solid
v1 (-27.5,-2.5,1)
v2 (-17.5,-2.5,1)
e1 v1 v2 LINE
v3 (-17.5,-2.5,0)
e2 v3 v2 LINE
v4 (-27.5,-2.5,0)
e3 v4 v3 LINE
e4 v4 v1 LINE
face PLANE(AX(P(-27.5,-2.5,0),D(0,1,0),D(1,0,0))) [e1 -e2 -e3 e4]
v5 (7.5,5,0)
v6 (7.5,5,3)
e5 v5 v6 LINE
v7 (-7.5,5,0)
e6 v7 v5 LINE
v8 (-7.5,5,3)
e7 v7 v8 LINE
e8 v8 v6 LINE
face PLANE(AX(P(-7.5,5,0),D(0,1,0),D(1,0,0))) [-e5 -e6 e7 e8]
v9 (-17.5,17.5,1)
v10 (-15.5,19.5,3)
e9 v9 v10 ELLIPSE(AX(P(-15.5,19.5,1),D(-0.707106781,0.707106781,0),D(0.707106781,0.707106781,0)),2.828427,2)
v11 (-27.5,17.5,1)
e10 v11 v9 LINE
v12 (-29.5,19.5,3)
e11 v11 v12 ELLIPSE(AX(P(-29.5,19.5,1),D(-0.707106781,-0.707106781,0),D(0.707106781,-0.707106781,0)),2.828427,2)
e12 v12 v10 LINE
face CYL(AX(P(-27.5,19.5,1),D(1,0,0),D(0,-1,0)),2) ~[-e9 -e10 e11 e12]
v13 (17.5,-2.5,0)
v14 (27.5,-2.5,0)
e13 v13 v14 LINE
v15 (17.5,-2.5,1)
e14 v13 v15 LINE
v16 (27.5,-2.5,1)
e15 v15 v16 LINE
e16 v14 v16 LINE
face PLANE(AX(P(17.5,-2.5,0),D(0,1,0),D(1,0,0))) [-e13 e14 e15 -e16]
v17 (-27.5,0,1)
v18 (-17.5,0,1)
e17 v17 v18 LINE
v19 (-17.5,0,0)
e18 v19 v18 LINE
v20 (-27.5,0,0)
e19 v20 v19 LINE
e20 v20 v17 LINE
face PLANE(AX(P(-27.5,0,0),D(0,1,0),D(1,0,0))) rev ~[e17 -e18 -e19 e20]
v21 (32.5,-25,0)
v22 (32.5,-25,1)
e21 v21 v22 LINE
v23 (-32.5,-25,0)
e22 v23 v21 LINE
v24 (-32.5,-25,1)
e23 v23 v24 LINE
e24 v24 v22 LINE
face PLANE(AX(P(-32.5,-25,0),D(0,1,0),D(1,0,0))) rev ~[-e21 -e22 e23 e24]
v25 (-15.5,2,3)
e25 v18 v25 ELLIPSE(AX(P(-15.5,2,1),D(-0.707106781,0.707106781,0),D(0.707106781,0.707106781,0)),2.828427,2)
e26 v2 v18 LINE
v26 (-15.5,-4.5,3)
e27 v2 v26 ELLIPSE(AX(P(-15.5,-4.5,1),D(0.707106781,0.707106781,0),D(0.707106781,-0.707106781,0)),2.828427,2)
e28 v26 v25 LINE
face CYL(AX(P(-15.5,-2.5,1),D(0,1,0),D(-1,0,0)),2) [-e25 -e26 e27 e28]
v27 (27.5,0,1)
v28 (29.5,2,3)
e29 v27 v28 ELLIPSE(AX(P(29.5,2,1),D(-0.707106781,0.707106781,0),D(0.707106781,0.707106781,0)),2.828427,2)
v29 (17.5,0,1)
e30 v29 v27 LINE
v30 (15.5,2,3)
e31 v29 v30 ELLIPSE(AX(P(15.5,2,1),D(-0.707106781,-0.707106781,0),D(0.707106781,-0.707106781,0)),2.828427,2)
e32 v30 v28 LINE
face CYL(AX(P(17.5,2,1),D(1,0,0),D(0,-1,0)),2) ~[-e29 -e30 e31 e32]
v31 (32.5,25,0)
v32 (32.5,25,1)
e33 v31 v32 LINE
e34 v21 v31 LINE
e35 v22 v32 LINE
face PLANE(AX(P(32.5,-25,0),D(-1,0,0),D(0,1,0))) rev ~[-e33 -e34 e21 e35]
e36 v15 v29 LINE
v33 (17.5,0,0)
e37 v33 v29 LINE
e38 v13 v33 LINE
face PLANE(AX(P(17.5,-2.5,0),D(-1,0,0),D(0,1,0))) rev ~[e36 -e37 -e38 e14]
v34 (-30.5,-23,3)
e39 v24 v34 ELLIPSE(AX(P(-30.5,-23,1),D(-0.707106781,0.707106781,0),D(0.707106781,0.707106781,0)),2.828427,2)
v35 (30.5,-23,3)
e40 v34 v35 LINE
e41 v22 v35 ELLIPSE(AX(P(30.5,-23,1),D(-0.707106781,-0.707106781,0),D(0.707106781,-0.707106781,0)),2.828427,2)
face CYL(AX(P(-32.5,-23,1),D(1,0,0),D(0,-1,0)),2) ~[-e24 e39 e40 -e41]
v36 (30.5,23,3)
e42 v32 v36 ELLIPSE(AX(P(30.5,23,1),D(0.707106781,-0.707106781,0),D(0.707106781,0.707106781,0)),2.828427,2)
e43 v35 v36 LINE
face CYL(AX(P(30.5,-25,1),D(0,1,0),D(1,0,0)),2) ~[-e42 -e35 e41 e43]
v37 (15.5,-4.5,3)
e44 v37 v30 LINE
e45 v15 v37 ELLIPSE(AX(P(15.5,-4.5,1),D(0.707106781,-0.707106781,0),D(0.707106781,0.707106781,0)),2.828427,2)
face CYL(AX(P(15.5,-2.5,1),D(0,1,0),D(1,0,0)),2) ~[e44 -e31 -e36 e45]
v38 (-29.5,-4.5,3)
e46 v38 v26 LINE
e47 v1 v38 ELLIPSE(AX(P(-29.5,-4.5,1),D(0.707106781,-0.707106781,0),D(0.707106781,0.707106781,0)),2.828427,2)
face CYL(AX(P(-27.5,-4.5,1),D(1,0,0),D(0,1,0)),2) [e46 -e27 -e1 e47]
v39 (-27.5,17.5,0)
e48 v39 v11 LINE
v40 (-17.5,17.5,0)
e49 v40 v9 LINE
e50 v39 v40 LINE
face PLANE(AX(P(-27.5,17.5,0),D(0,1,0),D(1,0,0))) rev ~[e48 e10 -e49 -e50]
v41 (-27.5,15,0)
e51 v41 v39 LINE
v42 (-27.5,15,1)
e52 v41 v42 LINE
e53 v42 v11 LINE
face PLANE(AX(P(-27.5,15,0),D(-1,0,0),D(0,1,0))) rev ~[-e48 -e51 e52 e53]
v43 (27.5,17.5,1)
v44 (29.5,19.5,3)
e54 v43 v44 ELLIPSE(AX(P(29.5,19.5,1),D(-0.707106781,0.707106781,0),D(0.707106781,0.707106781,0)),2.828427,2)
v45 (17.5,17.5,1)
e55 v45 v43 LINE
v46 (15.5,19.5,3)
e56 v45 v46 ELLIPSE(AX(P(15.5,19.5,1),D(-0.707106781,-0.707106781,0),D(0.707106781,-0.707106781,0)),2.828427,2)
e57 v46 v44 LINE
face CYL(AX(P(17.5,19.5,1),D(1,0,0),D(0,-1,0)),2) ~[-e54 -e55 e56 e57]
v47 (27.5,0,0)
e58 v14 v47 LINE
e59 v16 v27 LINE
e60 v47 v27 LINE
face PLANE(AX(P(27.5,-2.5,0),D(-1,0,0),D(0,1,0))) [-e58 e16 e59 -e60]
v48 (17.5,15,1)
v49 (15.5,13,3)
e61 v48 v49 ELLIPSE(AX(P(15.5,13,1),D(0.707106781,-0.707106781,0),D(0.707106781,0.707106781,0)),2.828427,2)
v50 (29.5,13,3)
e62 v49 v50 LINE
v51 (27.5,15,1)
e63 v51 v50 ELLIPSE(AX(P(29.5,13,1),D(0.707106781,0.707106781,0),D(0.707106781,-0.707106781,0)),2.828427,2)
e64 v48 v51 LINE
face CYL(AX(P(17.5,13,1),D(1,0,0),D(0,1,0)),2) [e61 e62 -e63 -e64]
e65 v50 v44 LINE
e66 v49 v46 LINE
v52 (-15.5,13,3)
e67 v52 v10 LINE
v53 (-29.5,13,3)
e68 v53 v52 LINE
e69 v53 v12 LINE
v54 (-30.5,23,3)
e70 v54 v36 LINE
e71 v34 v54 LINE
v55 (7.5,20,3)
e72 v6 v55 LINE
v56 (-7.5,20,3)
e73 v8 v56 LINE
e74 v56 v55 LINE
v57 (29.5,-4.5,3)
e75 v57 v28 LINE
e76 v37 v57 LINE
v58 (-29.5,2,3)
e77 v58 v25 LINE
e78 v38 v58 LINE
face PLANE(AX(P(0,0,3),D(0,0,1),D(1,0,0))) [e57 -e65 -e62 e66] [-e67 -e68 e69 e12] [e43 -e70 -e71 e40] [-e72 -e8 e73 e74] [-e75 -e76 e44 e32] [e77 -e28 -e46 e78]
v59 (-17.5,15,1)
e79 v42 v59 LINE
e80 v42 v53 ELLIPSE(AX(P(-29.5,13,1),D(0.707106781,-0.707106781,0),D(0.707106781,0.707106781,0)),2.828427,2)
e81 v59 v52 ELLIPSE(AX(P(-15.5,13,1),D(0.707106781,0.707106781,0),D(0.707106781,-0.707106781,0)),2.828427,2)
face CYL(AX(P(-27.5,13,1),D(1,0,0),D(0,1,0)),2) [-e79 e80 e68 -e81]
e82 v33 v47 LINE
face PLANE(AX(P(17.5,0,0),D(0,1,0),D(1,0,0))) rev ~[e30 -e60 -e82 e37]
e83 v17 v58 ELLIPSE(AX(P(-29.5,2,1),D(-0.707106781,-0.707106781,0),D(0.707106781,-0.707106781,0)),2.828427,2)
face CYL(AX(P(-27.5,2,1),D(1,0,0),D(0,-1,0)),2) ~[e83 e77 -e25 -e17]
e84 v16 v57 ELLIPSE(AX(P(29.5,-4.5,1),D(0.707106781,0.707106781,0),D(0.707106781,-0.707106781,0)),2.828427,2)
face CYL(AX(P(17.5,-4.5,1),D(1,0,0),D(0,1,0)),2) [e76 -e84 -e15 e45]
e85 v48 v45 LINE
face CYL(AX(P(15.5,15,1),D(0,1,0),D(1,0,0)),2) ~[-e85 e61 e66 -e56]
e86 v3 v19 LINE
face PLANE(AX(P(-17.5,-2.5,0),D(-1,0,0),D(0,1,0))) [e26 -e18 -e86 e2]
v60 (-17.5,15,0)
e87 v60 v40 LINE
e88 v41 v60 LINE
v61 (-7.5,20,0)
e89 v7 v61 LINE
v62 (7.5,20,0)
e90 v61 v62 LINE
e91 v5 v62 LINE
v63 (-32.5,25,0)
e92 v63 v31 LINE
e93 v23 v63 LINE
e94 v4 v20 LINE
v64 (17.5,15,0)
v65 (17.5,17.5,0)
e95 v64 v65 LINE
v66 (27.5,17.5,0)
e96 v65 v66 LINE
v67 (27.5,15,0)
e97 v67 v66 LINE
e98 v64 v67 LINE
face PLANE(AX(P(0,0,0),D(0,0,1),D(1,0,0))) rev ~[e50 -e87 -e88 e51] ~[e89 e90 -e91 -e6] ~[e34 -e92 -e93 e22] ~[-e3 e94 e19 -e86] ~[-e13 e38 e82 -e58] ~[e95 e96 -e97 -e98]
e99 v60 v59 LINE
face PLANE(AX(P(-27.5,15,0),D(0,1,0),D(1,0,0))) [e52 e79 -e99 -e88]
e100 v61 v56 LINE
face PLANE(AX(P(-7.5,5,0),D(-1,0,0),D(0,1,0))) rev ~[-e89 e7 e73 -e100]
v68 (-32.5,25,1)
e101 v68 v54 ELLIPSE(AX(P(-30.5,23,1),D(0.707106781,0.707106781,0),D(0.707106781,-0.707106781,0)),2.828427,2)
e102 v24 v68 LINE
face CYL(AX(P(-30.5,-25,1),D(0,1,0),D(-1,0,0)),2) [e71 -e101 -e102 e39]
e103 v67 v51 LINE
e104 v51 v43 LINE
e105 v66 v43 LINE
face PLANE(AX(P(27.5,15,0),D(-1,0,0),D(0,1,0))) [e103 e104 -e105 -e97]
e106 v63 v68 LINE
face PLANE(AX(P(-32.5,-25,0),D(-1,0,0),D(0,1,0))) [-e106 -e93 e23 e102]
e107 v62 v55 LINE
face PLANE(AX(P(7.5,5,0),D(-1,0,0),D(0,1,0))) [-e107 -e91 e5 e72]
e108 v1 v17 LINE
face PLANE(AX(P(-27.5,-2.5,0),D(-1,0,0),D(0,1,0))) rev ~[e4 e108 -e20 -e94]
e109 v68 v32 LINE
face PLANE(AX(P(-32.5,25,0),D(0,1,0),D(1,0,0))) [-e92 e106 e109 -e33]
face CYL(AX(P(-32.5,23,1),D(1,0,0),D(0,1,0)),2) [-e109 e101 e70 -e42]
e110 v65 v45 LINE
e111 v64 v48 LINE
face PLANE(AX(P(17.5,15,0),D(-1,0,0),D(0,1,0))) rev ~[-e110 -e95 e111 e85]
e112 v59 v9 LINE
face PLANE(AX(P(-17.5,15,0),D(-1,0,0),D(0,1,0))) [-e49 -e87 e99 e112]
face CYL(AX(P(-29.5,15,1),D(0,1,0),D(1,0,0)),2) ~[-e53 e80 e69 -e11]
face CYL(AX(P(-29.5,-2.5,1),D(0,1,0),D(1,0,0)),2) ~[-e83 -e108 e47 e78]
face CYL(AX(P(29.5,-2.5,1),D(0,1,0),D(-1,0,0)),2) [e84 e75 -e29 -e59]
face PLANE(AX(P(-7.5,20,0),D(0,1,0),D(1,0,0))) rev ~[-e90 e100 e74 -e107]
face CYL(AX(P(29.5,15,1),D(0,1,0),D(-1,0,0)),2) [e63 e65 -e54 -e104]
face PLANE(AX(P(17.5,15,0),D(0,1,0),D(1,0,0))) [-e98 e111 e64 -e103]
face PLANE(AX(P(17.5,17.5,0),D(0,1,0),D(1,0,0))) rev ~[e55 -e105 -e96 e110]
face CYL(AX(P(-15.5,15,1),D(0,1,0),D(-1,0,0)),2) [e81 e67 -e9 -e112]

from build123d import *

# Parameters (mm, degrees)
F0_W     = 65
F0_H     = 50
F0_W_2   = 10
F0_H_2   = 2.5
F0_W_3   = 15
F0_H_3   = 15
F1_DEPTH = 3
F2_R     = 2


with BuildPart() as f1:
    # F0 (on Top) → F1 (new body)
    with BuildSketch(Plane.XY):
        Rectangle(F0_W, F0_H)
        with Locations((-22.5, -1.25)):
            Rectangle(F0_W_2, F0_H_2, mode=Mode.SUBTRACT)
        with Locations((22.5, -1.25)):
            Rectangle(F0_W_2, F0_H_2, mode=Mode.SUBTRACT)
        with Locations((-22.5, 16.25)):
            Rectangle(F0_W_2, F0_H_2, mode=Mode.SUBTRACT)
        with Locations((0, 12.5)):
            Rectangle(F0_W_3, F0_H_3, mode=Mode.SUBTRACT)
        with Locations((22.5, 16.25)):
            Rectangle(F0_W_2, F0_H_2, mode=Mode.SUBTRACT)
    extrude(amount=F1_DEPTH)

    # F2
    f2_edges = [f1.edges().sort_by_distance(p)[0] for p in [
        (-22.5, 17.5, 3),
        (-22.5, 15, 3),
        (-27.5, 16.25, 3),
        (-17.5, 16.25, 3),
        (0, 25, 3),
        (-32.5, 0, 3),
        (-22.5, -2.5, 3),
        (0, -25, 3),
        (-22.5, 0, 3),
        (-27.5, -1.25, 3),
        (-17.5, -1.25, 3),
        (22.5, 15, 3),
        (22.5, 17.5, 3),
        (17.5, 16.25, 3),
        (27.5, 16.25, 3),
        (32.5, 0, 3),
        (22.5, 0, 3),
        (17.5, -1.25, 3),
        (22.5, -2.5, 3),
        (27.5, -1.25, 3),
    ]]
    fillet(f2_edges, radius=F2_R)


solid = f1.part
